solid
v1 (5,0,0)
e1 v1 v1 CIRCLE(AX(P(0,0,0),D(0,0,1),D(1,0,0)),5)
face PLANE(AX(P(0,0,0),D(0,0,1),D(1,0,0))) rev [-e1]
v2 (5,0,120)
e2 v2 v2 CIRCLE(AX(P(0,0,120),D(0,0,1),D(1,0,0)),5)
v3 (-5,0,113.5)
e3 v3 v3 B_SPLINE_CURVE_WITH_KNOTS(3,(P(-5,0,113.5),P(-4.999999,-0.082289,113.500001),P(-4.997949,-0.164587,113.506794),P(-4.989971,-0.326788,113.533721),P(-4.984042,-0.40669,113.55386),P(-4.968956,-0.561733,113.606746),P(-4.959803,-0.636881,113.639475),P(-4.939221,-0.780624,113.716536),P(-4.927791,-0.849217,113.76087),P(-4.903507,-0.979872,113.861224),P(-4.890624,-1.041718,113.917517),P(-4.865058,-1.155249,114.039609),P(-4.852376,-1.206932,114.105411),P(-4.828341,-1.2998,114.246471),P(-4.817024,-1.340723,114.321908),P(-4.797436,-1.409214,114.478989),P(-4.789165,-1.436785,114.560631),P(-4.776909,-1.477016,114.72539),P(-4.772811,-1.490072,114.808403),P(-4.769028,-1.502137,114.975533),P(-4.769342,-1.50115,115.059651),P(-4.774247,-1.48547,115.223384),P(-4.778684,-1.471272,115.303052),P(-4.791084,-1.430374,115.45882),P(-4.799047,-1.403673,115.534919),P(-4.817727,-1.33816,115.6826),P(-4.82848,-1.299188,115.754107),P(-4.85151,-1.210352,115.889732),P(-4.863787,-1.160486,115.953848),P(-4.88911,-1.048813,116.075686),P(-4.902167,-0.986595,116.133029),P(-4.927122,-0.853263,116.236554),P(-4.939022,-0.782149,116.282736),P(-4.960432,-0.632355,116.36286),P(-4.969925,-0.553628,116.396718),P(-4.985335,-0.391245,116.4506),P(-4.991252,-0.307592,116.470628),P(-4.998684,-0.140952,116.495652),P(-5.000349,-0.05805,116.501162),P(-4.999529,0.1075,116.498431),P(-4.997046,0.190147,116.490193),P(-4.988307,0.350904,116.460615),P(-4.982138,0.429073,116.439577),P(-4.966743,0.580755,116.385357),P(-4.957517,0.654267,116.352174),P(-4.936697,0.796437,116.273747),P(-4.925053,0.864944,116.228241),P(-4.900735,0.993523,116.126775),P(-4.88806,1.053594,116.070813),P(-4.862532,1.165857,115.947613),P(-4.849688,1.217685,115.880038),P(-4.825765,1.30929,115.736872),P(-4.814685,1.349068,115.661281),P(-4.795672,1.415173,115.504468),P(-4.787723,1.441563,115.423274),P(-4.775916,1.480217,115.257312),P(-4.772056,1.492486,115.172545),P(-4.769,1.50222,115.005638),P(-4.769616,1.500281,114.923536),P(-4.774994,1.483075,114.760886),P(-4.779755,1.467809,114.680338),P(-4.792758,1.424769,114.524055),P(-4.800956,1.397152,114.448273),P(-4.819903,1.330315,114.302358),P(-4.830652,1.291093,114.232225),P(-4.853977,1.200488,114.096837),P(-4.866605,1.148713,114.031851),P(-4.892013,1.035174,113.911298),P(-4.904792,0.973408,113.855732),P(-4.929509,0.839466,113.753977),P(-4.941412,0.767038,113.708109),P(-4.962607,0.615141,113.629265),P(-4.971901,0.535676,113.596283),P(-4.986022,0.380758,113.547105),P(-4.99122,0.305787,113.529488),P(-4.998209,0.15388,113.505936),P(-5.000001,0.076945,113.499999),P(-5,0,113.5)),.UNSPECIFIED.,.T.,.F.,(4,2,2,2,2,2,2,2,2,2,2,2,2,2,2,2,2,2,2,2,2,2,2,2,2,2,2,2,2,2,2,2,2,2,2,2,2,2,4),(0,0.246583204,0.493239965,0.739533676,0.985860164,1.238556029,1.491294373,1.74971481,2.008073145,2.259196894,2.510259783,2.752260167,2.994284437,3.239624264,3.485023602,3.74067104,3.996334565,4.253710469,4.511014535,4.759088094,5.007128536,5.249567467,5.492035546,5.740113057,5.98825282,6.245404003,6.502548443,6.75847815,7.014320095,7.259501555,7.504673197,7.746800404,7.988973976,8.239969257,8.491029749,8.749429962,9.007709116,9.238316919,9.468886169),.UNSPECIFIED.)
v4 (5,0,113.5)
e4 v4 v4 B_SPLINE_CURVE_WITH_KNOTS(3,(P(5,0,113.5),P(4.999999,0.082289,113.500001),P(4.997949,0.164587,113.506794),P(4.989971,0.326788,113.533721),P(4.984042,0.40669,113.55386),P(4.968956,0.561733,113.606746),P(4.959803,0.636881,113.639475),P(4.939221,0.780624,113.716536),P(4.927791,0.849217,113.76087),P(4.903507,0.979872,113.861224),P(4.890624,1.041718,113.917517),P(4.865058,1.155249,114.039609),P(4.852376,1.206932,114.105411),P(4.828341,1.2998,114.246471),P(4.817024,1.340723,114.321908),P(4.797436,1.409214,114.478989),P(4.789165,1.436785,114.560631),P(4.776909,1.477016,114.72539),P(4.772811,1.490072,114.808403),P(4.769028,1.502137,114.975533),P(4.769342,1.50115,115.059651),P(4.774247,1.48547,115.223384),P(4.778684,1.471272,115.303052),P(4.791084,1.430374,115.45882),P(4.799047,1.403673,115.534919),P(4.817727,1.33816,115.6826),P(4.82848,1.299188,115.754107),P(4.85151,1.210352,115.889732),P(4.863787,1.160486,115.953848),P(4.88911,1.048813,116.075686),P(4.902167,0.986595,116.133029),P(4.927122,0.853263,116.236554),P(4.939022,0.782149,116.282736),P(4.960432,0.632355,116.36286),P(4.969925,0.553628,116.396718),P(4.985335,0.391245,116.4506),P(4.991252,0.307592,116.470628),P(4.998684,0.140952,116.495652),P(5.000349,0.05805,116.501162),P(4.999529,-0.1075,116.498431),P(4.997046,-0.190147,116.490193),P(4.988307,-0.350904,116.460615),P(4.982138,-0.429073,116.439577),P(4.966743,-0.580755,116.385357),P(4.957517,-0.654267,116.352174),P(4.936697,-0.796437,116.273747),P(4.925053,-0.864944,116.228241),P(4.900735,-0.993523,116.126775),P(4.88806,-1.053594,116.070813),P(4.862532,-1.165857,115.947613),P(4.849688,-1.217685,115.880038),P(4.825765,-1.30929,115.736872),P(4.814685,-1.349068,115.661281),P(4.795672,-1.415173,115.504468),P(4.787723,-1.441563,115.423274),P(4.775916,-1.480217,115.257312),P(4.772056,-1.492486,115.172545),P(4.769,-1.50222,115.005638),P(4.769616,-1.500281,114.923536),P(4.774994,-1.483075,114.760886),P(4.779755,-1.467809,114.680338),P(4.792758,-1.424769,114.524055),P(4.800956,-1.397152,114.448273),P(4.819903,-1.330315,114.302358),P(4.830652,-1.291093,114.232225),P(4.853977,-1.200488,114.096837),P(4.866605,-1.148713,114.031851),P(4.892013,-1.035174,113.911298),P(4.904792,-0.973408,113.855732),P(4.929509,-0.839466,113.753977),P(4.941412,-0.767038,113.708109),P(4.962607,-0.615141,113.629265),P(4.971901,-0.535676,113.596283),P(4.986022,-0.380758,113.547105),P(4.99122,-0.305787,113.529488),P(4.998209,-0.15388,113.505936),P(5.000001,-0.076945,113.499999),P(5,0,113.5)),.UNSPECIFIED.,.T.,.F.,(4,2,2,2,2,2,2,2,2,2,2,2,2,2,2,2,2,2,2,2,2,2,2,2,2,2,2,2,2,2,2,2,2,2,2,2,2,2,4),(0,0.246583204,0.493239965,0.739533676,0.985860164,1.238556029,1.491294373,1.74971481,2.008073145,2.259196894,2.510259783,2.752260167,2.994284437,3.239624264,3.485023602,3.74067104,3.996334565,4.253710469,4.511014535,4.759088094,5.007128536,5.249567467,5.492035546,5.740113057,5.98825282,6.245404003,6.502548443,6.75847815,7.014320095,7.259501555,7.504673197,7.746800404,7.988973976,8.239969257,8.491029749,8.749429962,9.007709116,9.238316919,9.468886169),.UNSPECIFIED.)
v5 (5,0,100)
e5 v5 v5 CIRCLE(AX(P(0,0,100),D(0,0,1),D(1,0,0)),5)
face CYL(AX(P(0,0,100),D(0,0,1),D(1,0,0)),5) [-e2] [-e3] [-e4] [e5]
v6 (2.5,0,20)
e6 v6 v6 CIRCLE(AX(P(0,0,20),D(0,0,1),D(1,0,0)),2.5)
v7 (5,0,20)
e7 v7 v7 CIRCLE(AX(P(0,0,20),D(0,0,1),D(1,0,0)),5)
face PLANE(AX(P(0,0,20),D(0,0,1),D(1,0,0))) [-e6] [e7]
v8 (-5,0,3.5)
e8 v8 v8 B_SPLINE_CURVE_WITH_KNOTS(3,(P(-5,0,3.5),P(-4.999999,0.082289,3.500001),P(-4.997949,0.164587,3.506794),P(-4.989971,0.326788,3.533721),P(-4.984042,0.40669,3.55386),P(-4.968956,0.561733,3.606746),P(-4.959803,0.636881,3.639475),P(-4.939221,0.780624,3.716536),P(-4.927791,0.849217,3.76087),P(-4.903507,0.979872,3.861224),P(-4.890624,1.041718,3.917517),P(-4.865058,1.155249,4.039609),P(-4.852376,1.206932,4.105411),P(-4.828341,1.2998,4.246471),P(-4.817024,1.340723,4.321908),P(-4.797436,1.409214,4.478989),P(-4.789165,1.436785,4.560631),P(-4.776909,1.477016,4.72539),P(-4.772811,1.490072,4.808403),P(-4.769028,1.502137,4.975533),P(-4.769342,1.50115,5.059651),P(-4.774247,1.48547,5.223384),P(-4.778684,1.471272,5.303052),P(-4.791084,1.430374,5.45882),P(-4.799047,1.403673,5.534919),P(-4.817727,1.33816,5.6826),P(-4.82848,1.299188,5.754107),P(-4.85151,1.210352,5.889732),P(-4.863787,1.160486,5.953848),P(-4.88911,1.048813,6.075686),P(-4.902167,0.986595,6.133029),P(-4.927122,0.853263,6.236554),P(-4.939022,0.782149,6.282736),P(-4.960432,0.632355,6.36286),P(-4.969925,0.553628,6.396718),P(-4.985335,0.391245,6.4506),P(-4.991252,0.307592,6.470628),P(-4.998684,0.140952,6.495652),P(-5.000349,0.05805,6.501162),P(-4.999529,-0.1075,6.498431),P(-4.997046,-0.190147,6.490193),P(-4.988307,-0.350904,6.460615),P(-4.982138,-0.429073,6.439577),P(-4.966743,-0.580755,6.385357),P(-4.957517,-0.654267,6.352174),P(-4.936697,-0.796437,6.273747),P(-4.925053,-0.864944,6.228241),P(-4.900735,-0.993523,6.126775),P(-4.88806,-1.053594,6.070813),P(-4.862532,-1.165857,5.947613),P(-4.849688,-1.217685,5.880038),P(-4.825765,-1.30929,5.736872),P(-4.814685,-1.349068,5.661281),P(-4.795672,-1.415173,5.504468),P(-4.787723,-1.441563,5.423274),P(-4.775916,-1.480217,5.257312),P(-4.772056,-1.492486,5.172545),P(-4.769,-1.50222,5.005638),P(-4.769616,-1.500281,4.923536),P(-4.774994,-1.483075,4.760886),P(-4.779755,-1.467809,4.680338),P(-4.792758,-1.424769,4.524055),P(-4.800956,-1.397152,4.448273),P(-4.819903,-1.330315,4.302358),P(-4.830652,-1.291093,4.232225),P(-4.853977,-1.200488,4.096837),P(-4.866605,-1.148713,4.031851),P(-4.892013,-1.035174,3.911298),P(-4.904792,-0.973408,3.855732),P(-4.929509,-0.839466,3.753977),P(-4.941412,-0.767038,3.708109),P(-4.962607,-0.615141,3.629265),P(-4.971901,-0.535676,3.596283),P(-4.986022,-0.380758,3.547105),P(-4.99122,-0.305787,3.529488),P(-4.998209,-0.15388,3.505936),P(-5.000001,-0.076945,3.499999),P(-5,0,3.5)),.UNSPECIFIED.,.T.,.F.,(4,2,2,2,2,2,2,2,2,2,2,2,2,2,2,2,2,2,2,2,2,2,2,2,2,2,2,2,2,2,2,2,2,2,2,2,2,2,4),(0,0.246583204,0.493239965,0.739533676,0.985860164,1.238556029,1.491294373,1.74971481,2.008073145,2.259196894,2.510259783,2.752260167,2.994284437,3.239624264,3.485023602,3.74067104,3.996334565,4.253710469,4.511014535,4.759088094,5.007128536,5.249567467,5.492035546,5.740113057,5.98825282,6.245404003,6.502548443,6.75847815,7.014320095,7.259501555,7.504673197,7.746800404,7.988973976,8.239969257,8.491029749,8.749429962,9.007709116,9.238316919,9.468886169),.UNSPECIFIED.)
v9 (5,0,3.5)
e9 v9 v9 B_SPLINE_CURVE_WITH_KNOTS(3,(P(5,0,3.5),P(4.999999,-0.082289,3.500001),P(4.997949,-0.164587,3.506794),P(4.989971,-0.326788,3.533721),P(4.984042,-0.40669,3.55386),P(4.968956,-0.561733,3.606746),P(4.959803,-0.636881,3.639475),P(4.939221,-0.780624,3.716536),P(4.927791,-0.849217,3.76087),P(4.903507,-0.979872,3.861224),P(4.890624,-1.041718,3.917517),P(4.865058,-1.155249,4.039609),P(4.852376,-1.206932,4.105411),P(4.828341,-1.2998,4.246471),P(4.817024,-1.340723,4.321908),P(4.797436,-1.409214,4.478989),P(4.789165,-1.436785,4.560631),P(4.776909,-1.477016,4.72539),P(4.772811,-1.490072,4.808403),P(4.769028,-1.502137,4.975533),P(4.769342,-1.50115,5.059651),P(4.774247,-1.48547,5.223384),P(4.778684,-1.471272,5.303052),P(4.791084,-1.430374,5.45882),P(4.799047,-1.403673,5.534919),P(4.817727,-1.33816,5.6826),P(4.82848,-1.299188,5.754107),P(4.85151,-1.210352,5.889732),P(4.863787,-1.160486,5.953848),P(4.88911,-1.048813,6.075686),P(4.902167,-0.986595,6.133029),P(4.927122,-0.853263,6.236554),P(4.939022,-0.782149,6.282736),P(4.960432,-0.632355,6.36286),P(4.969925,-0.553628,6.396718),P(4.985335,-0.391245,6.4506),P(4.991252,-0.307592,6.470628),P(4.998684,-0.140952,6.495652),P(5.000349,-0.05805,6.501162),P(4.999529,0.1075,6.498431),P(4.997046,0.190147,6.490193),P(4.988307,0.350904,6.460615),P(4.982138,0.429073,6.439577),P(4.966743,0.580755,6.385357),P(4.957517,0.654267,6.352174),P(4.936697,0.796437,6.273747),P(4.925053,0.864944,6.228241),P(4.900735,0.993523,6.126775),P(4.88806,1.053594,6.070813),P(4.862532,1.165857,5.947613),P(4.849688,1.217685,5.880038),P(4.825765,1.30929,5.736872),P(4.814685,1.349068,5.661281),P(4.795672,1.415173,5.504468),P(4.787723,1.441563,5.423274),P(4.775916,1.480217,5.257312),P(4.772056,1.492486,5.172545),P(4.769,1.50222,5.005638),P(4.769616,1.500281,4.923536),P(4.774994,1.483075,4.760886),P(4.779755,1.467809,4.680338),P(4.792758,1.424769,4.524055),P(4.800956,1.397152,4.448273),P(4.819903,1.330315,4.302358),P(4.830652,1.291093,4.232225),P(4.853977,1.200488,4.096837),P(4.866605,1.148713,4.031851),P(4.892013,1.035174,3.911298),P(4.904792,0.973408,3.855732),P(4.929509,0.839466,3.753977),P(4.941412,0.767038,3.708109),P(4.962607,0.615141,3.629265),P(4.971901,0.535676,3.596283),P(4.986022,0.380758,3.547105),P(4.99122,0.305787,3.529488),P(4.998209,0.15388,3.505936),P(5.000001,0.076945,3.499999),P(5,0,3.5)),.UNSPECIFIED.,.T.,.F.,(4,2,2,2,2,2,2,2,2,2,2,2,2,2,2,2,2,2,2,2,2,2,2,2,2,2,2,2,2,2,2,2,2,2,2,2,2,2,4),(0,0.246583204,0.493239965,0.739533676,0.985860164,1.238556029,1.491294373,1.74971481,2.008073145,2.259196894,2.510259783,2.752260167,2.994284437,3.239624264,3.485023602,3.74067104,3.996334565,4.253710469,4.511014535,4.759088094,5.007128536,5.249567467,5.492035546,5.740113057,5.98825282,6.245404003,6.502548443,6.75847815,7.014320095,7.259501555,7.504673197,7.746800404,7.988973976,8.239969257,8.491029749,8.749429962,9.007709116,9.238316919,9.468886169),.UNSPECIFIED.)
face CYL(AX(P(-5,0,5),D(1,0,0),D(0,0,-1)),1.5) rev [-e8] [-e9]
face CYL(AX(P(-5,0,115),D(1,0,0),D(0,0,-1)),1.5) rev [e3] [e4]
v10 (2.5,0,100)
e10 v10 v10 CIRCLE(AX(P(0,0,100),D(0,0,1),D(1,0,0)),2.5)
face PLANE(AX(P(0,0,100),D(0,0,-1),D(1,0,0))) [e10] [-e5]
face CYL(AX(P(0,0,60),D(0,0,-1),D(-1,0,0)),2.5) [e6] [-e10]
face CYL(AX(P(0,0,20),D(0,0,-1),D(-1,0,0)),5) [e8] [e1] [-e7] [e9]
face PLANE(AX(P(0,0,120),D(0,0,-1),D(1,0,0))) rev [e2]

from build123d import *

# Parameters (mm, degrees)
SKETCH1_R           = 5
BOSS_EXTRUDE1_DEPTH = 20
SKETCH3_R           = 2.5
BOSS_EXTRUDE2_DEPTH = 40
SKETCH7_R           = 1.5
CUT_EXTRUDE1_DEPTH  = 62.032778079
SKETCH9_R           = 1.5
CUT_EXTRUDE2_DEPTH  = 121.519707944


with BuildPart() as part:
    # Sketch1 → Boss-Extrude1 (new body)
    with BuildSketch(Plane.XY):
        Circle(SKETCH1_R)
    boss_extrude1 = extrude(amount=BOSS_EXTRUDE1_DEPTH)

    # Sketch3 → Boss-Extrude2 (add)
    with BuildSketch(Plane.XY.offset(20)):
        Circle(SKETCH3_R)
    boss_extrude2 = extrude(amount=BOSS_EXTRUDE2_DEPTH)

    # Sketch7 → Cut-Extrude1 (cut, through all)
    with BuildSketch(Plane(origin=(5, 0, 0), x_dir=(0, 0, -1), z_dir=(1, 0, 0))):
        with Locations((-5, 0)):
            Circle(SKETCH7_R)
    extrude(amount=-CUT_EXTRUDE1_DEPTH, mode=Mode.SUBTRACT)

    # Mirror4: Boss-Extrude2 across plane
    add(boss_extrude2.mirror(Plane.XY.offset(60)))

    # Mirror5: Boss-Extrude1 across plane
    add(boss_extrude1.mirror(Plane.XY.offset(60)))

    # Sketch9 → Cut-Extrude2 (cut, through all)
    with BuildSketch(Plane(origin=(5, 0, 0), x_dir=(0, 0, -1), z_dir=(1, 0, 0))):
        with Locations((-115, 0)):
            Circle(SKETCH9_R)
    extrude(amount=-CUT_EXTRUDE2_DEPTH, mode=Mode.SUBTRACT)


solid = part.part
